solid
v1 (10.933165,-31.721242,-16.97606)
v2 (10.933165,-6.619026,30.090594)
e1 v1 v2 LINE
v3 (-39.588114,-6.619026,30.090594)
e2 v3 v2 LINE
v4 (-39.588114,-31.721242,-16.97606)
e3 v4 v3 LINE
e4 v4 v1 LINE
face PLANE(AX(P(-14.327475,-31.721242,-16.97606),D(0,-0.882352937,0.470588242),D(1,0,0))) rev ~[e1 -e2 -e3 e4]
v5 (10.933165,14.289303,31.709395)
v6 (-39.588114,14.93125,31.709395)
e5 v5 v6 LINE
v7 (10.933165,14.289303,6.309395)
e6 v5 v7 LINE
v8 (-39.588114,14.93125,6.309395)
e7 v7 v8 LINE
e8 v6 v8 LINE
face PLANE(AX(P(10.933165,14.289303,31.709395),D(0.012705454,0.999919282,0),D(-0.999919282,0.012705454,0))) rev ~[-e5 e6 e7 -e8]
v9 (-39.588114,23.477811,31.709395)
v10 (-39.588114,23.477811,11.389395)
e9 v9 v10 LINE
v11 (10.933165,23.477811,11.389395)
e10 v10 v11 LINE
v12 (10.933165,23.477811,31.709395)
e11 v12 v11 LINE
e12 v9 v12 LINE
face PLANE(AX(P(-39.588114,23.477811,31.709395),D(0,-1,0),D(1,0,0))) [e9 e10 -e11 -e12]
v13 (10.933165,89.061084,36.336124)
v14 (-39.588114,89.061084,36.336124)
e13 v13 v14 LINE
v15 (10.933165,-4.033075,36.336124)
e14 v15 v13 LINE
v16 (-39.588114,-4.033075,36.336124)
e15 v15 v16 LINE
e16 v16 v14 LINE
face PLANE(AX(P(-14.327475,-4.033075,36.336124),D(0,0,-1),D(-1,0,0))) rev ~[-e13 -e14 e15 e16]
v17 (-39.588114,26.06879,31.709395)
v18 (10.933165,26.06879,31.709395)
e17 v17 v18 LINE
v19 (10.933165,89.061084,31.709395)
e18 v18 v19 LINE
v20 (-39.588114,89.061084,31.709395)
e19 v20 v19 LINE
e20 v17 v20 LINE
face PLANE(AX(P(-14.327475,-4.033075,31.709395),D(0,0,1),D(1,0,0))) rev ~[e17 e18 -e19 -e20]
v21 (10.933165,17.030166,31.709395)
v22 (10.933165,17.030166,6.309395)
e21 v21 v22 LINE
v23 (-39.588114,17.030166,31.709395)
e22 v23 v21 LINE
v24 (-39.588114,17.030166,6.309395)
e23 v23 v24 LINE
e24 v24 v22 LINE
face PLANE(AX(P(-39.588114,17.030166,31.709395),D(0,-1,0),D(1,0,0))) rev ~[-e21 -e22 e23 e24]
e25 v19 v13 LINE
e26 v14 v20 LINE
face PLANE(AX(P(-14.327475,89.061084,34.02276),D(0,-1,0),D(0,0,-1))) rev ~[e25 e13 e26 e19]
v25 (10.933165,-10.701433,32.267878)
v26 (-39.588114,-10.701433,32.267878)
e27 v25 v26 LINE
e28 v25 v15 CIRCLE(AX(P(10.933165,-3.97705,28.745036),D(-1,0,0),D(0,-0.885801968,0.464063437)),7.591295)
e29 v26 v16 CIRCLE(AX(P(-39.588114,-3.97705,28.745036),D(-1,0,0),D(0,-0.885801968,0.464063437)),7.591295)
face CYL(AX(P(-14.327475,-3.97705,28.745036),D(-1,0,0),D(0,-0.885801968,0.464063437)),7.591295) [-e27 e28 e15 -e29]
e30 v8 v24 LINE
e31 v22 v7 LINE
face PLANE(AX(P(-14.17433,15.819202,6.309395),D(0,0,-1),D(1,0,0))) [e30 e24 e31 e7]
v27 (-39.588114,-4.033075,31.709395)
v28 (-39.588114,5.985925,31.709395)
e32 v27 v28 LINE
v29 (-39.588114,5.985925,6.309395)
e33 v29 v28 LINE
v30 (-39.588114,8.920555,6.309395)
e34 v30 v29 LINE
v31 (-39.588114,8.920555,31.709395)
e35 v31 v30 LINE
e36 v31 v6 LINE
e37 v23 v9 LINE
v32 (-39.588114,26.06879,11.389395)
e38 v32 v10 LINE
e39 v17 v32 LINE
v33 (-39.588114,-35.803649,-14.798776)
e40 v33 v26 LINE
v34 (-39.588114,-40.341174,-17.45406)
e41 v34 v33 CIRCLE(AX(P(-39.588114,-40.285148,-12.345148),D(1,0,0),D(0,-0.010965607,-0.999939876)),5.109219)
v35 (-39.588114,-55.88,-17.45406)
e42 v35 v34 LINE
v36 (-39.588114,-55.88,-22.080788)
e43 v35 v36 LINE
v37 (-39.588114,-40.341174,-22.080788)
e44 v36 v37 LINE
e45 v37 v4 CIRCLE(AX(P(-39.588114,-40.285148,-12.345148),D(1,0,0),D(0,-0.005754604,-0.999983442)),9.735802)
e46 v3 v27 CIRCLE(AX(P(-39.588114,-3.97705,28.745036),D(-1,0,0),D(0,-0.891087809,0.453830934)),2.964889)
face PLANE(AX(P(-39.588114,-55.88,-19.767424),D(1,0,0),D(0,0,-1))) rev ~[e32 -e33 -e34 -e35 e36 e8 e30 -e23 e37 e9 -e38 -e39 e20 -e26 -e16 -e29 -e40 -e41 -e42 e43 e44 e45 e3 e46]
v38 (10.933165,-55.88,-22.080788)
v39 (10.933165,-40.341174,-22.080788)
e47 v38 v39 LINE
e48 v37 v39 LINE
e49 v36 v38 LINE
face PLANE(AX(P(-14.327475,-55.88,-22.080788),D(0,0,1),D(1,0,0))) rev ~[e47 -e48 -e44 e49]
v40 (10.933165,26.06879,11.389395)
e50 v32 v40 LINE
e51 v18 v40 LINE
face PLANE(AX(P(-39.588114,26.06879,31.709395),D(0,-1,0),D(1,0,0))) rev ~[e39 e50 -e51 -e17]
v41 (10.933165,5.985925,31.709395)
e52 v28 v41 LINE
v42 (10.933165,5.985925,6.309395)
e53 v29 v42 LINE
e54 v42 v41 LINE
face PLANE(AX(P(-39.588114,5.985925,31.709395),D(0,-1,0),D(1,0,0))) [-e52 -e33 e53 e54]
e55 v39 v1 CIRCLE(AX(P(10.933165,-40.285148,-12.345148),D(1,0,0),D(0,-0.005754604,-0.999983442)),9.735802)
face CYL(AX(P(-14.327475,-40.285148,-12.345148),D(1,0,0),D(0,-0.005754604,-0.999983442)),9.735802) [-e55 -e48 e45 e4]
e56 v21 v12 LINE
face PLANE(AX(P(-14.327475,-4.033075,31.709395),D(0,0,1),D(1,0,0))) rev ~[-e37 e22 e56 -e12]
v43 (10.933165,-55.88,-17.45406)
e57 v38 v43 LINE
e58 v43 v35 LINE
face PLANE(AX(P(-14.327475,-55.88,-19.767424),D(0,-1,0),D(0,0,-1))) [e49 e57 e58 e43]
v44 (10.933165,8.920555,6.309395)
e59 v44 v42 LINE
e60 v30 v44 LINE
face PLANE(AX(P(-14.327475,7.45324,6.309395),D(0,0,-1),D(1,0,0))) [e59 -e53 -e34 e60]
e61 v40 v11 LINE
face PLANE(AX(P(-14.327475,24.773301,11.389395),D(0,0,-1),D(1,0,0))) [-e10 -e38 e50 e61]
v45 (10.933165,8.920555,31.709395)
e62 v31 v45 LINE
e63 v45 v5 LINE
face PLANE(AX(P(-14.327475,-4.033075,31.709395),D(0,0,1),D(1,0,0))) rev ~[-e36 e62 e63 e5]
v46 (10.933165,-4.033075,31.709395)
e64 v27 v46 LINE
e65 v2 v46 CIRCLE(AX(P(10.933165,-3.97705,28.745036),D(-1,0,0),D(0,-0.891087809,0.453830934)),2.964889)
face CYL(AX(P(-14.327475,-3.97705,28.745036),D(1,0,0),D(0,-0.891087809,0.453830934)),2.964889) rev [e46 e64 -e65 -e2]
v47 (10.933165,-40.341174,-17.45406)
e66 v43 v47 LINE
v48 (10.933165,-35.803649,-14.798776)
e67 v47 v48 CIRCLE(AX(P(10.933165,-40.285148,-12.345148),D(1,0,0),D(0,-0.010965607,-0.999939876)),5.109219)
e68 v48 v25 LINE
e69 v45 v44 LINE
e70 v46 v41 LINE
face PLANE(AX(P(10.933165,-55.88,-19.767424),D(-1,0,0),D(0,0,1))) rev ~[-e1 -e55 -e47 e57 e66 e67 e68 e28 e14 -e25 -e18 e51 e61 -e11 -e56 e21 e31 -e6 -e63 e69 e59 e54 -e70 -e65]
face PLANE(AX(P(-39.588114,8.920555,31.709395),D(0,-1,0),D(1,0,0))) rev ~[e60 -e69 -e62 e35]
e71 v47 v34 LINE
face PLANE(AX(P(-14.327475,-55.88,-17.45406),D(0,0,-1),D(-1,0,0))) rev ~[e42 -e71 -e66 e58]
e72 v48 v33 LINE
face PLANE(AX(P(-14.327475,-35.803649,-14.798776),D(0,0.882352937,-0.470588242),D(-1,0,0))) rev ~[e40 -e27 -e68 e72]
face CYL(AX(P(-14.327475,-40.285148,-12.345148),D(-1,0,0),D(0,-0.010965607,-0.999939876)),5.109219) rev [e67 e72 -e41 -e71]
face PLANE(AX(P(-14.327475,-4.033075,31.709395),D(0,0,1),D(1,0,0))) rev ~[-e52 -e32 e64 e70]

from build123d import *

# Parameters (mm, degrees)
F2_W     = 50.5212787539
F2_H     = 4.6267285943
F4_W     = 50.5212787539
F4_H     = 2.9346304946
F5_DEPTH = 20.066
F6_DEPTH = 25.4
F4_H_2   = 2.5909789344
F7_DEPTH = 20.32


with BuildPart() as f3:
    # F3: sweep along a path in F0
    with BuildLine(Plane.YZ) as f3_path:
        Line((-55.8239743114, -18.6951477081), (-40.2851480178, -18.6951477081))
        ThreePointArc((-40.2851480178, -18.6951477081), (-37.0180999924, -17.7902277993), (-34.682206865, -15.3333830466))
        Line((-34.682206865, -15.3333830466), (-9.579990698, 31.7332713683))
        ThreePointArc((-9.579990698, 31.7332713683), (-7.2440975706, 34.190116121), (-3.9770495452, 35.0950360298))
        Line((-3.9770495452, 35.0950360298), (89.1171097755, 35.0950360298))
    # F2 (on offset) → F3 (sweep)
    with BuildSketch(Plane.XZ.offset(55.88)):
        with Locations((-14.3274748698, -19.7674240917)):
            Rectangle(F2_W, F2_H)
    sweep(path=f3_path.line)

    # F4 (on face) → F5 (join)
    with BuildSketch(Plane(origin=(0, 0, 31.709395349), x_dir=(1, 0, 0), z_dir=(0, 0, -1))):
        with Locations((-14.3274748698, -7.4532397557)):
            Rectangle(F4_W, F4_H)
    extrude(amount=F5_DEPTH)

    # F4 (on face) → F6 (join)
    with BuildSketch(Plane(origin=(0, 0, 31.709395349), x_dir=(1, 0, 0), z_dir=(0, 0, -1))):
        with Locations((-14.3274748698, -7.4532397557)):
            Rectangle(F4_W, F4_H)
        Polygon((10.9331645072, -17.0301664621), (10.9331645072, -14.2893027514), (-39.5881142467, -14.9312503636), (-39.5881142467, -17.0301664621), align=None)
    extrude(amount=F6_DEPTH)

    # F4 (on face) → F7 (join)
    with BuildSketch(Plane(origin=(0, 0, 31.709395349), x_dir=(1, 0, 0), z_dir=(0, 0, -1))):
        with Locations((-14.3274748698, -24.7733006254)):
            Rectangle(F4_W, F4_H_2)
    extrude(amount=F7_DEPTH)


solid = f3.part
